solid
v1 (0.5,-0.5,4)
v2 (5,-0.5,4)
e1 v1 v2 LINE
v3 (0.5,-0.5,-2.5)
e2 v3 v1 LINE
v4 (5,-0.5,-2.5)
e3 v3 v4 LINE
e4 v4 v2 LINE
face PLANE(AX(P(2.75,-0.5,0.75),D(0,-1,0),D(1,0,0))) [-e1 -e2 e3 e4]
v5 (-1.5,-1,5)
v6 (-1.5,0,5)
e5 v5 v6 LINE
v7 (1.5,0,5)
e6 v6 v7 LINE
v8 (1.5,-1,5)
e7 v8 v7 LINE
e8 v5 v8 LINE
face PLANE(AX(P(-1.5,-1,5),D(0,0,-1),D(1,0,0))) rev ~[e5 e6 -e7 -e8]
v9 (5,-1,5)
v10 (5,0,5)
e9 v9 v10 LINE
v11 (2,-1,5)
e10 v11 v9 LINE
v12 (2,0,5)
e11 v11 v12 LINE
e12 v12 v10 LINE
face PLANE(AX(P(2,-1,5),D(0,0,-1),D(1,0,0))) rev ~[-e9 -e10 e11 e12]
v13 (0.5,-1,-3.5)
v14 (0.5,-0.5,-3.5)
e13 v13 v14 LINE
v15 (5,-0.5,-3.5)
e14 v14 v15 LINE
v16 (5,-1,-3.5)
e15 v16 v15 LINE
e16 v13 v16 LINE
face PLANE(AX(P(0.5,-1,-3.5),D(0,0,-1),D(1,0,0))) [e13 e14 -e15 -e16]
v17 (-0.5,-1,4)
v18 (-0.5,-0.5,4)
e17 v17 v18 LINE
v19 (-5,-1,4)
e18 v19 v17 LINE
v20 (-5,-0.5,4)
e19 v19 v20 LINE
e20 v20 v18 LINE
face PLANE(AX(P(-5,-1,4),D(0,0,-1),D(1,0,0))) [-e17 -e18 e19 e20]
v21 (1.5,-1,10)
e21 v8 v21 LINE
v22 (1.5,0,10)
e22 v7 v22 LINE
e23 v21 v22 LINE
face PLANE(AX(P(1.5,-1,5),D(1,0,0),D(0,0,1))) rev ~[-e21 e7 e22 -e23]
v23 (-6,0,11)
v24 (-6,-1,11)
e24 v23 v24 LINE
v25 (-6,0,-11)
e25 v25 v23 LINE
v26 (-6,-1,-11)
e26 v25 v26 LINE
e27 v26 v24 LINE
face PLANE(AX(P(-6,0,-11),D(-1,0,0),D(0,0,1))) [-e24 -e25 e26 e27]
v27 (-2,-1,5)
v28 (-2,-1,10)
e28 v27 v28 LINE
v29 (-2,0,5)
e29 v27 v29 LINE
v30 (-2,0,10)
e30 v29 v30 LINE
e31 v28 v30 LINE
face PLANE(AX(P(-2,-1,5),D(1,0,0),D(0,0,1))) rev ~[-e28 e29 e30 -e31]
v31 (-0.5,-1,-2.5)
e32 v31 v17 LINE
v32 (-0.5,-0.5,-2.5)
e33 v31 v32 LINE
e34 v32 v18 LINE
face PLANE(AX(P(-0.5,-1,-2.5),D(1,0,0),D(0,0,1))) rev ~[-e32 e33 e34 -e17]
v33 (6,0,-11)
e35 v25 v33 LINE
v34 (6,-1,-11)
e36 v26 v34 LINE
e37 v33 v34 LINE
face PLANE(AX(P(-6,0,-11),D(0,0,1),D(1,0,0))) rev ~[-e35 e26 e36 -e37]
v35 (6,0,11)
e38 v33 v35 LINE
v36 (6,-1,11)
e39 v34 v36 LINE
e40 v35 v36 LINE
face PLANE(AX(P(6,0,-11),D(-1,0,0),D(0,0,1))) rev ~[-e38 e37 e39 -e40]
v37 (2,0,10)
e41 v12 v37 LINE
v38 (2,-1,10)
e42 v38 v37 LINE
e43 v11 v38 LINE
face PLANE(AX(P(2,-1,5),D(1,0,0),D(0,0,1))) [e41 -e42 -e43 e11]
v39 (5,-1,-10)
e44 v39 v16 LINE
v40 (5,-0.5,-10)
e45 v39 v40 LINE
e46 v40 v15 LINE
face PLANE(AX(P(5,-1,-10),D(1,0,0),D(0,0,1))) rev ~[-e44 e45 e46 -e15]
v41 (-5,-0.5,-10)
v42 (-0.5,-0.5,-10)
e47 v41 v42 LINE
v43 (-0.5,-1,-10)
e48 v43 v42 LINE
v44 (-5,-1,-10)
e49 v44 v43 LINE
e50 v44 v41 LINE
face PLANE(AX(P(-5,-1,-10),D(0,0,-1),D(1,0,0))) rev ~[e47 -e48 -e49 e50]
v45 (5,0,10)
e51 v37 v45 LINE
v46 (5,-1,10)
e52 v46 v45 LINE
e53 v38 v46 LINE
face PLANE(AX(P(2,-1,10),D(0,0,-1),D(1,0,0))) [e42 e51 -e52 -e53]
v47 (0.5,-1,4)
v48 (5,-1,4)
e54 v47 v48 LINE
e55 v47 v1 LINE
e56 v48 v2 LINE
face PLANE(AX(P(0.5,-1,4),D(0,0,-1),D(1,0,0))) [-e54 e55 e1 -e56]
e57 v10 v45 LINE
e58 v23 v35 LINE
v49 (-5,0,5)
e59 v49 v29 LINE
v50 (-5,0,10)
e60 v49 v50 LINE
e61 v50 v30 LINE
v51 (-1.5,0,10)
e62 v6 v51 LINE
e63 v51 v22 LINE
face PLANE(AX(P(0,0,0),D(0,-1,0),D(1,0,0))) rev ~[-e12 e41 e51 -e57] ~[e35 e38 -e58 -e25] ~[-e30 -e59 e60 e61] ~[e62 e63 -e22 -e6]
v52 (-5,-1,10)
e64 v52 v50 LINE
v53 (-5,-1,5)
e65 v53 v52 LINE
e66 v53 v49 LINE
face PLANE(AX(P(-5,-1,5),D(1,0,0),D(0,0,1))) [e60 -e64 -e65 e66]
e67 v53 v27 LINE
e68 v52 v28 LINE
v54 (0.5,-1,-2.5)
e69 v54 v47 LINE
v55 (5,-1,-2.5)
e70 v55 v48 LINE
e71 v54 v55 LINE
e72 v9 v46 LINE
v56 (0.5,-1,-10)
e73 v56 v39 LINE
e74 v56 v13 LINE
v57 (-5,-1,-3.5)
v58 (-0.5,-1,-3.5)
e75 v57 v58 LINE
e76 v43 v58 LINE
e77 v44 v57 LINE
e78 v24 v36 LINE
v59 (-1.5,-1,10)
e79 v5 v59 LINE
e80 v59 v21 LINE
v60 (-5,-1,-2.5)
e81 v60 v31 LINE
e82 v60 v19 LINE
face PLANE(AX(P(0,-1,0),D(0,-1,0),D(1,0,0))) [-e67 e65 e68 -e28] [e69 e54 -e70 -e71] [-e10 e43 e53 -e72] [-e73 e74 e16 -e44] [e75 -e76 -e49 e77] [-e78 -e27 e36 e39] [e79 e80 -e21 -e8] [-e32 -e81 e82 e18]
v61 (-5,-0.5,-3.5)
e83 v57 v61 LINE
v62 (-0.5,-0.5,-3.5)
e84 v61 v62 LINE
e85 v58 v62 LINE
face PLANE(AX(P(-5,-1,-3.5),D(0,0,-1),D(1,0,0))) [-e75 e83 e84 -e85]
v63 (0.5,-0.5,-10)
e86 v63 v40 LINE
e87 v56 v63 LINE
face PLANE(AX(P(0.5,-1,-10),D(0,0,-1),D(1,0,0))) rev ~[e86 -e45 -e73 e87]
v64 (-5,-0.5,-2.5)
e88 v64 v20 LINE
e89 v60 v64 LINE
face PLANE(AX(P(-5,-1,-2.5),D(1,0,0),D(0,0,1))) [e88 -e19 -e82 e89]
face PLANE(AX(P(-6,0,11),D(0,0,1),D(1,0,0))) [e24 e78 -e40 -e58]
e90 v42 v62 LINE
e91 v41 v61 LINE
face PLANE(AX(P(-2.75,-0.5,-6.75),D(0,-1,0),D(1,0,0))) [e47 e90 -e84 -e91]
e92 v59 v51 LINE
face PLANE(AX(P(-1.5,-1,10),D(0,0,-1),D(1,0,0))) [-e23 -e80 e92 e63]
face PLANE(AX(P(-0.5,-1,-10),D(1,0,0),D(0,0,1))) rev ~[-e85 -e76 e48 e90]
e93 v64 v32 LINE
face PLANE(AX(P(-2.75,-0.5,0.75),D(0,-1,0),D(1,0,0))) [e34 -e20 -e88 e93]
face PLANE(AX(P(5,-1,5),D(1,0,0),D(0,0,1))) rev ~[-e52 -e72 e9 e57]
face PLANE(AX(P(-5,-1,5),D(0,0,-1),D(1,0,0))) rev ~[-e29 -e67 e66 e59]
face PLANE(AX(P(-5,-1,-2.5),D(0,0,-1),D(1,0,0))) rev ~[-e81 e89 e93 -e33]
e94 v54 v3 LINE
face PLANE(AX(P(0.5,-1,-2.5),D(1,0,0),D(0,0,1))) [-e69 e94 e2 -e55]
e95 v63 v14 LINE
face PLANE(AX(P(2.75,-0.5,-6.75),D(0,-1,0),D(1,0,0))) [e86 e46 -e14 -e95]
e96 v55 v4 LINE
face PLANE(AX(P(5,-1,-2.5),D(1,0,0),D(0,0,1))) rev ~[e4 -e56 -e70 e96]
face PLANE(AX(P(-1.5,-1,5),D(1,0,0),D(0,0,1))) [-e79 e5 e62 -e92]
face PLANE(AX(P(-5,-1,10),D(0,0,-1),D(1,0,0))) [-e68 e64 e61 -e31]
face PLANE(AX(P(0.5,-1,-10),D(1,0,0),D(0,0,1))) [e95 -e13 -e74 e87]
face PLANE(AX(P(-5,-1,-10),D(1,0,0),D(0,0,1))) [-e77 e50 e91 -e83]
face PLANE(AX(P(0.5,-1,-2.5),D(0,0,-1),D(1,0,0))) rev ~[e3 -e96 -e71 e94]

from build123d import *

# Parameters (mm, degrees)
SKETCH_W        = 12
SKETCH_H        = 22
PAD_DEPTH       = 1
SKETCH001_W     = 4.5
SKETCH001_H     = 6.5
POCKET_DEPTH    = 0.5
SKETCH002_W     = 3
SKETCH002_H     = 5
POCKET001_DEPTH = 5


with BuildPart() as part:
    # Sketch → Pad (new body)
    with BuildSketch(Plane.XZ):
        Rectangle(SKETCH_W, SKETCH_H)
    extrude(amount=PAD_DEPTH)

    # Sketch001 (on Face6 of Pad) → Pocket (cut)
    with BuildSketch(Plane.XZ.offset(1)):
        with Locations((-2.75, -6.75)):
            Rectangle(SKETCH001_W, SKETCH001_H)
        with Locations((2.75, -6.75)):
            Rectangle(SKETCH001_W, SKETCH001_H)
        with Locations((-2.75, 0.75)):
            Rectangle(SKETCH001_W, SKETCH001_H)
        with Locations((2.75, 0.75)):
            Rectangle(SKETCH001_W, SKETCH001_H)
    extrude(amount=-POCKET_DEPTH, mode=Mode.SUBTRACT)

    # Sketch002 (on Face5 of Pocket) → Pocket001 (cut)
    with BuildSketch(Plane.XZ.offset(1)):
        with Locations((-3.5, 7.5)):
            Rectangle(SKETCH002_W, SKETCH002_H)
        with Locations((0, 7.5)):
            Rectangle(SKETCH002_W, SKETCH002_H)
        with Locations((3.5, 7.5)):
            Rectangle(SKETCH002_W, SKETCH002_H)
    extrude(amount=-POCKET001_DEPTH, mode=Mode.SUBTRACT)


solid = part.part
